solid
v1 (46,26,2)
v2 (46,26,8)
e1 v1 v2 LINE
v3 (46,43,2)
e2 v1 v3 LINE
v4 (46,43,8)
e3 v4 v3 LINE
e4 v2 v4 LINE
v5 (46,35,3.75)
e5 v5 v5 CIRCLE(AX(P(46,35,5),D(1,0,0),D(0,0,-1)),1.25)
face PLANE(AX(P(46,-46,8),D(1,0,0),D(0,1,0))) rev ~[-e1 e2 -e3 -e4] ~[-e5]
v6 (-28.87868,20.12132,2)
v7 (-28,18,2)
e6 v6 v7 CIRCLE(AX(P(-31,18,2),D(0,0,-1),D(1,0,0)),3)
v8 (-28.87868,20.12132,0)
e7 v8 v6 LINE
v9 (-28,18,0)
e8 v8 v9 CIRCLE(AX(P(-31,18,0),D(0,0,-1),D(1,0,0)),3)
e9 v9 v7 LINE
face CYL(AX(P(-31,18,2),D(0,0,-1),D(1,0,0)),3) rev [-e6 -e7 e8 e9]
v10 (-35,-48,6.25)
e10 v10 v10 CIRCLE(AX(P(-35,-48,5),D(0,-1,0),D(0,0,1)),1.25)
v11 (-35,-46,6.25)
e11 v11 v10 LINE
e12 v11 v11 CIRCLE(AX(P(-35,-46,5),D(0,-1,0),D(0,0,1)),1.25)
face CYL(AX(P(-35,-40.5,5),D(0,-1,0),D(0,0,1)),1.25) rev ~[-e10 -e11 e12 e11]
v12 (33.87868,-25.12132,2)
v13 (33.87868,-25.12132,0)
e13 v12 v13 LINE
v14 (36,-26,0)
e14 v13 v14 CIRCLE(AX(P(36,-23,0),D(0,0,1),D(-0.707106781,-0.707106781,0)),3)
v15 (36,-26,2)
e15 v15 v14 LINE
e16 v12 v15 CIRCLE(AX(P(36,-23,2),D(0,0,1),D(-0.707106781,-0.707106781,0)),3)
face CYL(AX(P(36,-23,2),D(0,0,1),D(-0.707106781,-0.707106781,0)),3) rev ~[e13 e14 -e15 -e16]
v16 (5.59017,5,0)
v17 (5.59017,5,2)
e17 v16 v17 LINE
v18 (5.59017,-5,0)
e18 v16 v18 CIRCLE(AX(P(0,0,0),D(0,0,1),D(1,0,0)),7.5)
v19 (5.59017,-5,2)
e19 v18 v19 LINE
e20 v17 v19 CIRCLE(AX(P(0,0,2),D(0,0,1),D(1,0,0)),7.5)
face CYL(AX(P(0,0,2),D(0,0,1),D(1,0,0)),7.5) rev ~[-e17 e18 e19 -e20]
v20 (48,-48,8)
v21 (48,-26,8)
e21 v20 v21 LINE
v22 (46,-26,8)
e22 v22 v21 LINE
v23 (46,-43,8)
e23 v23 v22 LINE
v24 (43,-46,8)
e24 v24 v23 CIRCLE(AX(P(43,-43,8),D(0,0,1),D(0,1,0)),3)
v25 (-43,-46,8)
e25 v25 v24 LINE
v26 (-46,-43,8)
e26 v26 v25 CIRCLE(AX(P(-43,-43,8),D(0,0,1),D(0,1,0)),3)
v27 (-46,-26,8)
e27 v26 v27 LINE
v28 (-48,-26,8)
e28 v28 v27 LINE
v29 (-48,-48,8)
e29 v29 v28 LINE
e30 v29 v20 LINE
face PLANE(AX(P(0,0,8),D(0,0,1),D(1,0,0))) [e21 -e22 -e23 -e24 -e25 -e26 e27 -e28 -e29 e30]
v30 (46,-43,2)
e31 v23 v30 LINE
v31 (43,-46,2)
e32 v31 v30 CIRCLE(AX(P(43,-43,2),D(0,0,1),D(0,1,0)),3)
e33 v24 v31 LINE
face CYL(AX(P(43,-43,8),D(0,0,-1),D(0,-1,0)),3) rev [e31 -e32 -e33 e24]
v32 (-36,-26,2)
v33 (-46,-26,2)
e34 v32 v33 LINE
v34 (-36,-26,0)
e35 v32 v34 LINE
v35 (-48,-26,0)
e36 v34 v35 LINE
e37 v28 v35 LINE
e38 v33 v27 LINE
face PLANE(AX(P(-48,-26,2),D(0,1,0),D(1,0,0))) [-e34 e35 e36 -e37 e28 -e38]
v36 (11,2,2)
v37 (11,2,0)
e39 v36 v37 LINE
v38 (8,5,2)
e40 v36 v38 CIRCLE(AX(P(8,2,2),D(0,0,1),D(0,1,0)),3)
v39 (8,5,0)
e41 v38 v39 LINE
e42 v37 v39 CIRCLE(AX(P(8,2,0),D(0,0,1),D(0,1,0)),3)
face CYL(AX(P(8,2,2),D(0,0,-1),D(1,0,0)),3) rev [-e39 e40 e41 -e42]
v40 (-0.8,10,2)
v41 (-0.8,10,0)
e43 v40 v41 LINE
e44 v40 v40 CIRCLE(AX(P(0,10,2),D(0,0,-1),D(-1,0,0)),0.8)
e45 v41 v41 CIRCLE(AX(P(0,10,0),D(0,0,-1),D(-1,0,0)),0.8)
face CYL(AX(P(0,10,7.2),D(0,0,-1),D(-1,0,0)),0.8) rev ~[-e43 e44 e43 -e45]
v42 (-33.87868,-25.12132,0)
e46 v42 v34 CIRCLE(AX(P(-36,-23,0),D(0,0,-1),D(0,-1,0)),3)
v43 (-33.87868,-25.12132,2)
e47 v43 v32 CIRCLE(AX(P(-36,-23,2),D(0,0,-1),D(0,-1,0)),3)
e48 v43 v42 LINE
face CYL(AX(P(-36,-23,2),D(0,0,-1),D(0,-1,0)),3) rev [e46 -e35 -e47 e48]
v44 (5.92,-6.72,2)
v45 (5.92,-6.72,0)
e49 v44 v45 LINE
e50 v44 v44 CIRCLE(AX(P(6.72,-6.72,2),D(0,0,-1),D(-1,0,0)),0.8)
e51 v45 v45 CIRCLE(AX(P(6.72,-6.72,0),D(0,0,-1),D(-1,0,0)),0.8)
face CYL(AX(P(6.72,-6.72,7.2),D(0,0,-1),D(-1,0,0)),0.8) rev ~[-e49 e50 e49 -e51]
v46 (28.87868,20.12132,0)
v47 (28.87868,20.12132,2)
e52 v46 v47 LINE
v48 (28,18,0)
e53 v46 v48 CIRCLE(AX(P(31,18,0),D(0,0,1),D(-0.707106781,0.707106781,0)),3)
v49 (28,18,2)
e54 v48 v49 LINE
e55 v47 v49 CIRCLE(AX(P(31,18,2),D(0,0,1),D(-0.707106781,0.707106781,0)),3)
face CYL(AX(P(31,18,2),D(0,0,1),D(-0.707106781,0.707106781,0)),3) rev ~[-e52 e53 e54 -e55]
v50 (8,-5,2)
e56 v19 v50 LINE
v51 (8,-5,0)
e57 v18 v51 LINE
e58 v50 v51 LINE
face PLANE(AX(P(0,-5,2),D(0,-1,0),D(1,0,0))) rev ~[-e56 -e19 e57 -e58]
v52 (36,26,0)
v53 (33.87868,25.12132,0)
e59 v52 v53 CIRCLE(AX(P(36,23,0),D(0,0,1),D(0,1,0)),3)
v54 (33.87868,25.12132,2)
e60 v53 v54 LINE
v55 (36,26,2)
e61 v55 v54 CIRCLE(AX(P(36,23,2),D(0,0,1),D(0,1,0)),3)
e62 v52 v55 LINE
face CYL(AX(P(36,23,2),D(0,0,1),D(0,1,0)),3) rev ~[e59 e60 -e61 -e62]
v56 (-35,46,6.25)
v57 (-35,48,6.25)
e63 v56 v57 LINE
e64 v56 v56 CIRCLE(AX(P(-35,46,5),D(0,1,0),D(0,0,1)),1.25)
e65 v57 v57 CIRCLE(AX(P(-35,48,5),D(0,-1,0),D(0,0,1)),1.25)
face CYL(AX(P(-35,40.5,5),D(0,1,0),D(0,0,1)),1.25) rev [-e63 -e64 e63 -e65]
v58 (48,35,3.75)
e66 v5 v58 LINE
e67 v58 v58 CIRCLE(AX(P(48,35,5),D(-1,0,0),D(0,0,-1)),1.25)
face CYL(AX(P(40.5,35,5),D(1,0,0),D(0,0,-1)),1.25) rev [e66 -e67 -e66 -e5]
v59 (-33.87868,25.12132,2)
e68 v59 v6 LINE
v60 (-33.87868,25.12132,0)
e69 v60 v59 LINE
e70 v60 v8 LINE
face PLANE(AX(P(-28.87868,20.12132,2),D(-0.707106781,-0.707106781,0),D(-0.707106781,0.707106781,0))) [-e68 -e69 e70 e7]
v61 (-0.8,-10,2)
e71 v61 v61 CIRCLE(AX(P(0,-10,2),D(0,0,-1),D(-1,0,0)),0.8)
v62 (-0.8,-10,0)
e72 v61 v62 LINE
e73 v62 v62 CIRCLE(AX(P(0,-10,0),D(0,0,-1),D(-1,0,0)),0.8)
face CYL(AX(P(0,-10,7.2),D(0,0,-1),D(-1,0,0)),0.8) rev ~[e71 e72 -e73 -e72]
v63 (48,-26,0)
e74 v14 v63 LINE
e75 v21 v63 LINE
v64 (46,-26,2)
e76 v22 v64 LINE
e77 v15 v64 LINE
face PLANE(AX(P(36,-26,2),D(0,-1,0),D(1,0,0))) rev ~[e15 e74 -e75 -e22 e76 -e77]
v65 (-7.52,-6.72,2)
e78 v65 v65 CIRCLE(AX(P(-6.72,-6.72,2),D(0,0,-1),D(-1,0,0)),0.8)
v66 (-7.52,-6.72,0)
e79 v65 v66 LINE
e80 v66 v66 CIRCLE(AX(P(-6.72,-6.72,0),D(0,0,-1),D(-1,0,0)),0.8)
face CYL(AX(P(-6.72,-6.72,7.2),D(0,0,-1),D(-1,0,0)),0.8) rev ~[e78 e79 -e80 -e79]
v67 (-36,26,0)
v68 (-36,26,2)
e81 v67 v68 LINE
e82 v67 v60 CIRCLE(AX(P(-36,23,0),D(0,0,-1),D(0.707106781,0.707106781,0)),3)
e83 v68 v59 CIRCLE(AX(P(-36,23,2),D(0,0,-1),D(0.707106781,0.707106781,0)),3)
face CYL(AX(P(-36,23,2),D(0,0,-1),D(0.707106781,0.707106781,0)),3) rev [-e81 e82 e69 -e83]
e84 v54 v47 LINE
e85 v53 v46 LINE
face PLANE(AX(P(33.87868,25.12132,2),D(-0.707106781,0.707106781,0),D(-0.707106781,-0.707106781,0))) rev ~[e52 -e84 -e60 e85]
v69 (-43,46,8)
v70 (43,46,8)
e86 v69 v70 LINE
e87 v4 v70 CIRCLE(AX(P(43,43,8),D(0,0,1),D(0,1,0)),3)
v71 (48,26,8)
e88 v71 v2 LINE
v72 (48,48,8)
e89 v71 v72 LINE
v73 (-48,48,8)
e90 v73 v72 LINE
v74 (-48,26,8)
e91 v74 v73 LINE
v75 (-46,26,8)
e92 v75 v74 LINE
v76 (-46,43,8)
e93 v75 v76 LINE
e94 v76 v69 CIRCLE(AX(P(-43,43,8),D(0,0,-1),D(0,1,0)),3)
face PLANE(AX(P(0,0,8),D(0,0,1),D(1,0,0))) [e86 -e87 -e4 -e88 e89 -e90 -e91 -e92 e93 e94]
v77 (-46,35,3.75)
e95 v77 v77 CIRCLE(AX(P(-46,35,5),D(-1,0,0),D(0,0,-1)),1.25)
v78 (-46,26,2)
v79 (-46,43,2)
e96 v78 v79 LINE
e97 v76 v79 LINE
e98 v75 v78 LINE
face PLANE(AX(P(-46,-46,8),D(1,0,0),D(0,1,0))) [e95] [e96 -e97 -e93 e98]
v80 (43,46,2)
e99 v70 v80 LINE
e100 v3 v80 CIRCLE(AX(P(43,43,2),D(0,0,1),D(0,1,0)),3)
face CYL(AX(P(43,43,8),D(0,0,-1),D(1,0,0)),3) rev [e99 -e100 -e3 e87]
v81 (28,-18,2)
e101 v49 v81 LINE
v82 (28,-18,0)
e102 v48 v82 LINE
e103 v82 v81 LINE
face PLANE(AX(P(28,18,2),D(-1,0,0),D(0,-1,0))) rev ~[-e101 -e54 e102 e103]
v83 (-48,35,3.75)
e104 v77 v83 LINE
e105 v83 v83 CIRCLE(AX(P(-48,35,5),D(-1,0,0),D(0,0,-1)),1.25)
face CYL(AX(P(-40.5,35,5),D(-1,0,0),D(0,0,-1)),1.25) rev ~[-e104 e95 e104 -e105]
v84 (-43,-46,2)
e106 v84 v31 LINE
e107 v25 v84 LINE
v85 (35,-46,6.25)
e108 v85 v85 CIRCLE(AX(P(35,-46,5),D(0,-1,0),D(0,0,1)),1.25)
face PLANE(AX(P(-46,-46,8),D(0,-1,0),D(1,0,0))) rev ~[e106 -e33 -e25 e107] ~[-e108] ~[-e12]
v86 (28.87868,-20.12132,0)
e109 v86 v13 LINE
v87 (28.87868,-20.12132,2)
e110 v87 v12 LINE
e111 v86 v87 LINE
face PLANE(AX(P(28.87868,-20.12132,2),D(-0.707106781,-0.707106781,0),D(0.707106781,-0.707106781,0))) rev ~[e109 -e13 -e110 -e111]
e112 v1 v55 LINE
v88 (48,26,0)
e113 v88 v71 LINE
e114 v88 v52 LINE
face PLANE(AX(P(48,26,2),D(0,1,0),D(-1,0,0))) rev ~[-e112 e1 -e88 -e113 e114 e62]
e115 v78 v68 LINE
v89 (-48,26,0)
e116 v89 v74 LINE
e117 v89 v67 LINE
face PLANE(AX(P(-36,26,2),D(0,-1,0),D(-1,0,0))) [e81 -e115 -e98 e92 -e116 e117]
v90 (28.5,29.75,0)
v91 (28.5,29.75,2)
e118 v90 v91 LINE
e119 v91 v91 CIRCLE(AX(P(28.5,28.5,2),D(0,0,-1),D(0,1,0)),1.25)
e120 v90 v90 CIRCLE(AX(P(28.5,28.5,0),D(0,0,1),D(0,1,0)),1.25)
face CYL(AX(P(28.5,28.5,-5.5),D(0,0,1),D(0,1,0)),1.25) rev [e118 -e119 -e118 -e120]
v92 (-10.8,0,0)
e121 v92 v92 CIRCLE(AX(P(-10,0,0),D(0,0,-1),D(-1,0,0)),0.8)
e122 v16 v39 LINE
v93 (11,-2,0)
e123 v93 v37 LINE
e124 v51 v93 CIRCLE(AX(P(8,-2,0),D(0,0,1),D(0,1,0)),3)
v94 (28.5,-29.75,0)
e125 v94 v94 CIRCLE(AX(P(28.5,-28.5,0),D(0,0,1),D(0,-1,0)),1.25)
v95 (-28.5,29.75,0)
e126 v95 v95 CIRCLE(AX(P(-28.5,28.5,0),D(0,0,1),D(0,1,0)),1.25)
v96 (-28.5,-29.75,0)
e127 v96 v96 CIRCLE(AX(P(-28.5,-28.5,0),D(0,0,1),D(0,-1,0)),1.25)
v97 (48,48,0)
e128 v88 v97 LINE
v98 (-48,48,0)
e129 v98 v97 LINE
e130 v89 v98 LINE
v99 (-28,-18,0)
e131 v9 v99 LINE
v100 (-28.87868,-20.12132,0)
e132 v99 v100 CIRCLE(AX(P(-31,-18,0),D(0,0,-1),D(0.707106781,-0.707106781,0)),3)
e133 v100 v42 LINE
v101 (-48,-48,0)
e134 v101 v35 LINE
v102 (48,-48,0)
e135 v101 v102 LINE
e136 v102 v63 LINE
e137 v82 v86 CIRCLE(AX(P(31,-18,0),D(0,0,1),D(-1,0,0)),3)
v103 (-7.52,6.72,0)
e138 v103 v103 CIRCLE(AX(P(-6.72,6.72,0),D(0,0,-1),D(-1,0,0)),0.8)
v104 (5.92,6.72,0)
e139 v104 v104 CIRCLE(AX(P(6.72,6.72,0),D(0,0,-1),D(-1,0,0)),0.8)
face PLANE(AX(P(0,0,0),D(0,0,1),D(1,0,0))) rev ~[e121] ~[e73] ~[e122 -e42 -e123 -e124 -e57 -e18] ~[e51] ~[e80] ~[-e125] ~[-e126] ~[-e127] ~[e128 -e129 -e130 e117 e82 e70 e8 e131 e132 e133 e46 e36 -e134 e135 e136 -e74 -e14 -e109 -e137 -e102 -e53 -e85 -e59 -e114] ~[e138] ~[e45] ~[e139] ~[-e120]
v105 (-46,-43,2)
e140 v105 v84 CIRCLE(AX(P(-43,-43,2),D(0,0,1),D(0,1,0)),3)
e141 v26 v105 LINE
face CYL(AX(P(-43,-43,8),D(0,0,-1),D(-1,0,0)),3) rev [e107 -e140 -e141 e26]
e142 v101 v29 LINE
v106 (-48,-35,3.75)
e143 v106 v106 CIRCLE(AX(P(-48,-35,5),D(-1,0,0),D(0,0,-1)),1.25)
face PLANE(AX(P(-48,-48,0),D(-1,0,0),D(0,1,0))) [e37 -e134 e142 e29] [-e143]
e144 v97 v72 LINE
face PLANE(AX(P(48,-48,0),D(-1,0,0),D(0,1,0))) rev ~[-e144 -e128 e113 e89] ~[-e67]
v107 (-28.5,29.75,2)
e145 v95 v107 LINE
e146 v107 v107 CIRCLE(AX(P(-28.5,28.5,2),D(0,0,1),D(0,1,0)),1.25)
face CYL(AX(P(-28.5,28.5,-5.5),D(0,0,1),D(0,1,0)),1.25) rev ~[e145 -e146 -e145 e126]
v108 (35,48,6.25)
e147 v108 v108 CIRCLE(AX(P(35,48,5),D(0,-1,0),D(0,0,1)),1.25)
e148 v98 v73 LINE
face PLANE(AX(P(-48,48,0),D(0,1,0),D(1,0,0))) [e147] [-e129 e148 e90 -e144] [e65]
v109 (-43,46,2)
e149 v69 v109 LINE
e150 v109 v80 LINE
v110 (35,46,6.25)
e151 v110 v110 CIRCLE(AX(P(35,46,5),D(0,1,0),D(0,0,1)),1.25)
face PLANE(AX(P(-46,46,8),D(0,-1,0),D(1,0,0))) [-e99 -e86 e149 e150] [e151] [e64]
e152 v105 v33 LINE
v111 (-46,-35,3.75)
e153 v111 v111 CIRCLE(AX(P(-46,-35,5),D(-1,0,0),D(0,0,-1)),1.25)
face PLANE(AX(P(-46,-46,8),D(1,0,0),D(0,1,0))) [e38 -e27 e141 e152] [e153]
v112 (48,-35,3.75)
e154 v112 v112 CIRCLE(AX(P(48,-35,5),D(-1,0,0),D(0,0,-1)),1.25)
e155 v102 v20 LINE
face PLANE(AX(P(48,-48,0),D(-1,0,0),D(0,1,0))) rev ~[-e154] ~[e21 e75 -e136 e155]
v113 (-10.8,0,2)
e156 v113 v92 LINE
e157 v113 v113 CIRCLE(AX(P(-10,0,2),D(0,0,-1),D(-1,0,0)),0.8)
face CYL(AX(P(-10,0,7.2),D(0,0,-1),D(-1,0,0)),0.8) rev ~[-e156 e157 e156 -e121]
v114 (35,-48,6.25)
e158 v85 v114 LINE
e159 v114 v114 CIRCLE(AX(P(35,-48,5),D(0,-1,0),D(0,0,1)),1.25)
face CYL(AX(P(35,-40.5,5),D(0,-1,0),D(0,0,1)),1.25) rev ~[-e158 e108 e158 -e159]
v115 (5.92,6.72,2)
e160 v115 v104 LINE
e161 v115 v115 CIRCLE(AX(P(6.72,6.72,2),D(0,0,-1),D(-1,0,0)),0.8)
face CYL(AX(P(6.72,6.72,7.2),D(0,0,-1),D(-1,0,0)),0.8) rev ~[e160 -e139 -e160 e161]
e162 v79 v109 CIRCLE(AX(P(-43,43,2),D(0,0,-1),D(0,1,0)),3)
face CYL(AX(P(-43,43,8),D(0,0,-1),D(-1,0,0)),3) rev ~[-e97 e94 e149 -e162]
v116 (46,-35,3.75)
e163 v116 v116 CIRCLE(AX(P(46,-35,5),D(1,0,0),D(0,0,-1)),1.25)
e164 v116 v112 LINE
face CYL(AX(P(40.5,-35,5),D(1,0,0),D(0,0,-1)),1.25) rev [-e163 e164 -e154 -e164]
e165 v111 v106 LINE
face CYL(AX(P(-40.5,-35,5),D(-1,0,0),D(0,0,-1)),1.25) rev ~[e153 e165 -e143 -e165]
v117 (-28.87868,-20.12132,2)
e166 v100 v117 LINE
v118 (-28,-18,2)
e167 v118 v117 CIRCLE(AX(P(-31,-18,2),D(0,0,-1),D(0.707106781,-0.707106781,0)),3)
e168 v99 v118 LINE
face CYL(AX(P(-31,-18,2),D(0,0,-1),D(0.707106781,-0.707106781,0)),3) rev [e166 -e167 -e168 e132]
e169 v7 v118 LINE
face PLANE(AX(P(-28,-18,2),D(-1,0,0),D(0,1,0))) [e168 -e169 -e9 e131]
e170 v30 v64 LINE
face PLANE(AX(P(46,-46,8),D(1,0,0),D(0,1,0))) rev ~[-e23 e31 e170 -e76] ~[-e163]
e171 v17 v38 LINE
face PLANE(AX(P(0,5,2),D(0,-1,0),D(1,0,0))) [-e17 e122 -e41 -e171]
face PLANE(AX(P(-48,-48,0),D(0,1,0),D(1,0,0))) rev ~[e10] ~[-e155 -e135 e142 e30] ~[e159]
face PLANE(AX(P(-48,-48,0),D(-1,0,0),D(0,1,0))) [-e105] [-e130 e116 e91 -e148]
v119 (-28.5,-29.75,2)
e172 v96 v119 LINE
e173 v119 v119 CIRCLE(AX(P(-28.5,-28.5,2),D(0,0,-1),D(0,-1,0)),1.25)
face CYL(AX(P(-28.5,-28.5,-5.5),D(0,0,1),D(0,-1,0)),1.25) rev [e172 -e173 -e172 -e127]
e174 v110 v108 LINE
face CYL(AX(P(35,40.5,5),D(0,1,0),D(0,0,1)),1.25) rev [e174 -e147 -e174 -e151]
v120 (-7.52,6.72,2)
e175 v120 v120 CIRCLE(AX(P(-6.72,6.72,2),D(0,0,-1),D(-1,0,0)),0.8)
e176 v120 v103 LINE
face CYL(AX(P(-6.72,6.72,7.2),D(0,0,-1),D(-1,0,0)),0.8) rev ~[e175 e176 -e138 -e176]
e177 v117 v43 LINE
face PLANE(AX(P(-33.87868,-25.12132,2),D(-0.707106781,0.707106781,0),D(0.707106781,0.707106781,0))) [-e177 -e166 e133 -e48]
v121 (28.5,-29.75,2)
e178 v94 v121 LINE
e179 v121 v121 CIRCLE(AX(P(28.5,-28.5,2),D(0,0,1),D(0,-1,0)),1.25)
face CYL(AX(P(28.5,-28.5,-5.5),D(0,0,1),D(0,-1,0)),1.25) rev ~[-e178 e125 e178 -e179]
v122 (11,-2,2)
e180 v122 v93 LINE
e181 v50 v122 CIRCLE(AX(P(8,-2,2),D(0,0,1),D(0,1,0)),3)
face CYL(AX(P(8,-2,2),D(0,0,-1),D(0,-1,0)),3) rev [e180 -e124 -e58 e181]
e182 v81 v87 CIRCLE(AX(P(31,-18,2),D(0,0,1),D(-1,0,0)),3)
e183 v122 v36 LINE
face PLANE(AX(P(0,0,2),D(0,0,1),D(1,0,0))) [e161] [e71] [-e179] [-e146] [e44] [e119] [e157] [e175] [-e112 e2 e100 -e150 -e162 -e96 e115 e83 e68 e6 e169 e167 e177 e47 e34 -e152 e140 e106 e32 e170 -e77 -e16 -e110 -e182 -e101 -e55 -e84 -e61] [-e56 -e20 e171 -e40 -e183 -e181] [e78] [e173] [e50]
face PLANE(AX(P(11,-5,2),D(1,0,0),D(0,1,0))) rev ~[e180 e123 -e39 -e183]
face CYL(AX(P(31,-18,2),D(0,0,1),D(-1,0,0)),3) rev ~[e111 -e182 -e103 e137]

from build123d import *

# Parameters (mm, degrees)
SKETCH1_W                      = 96
SKETCH1_H                      = 96
BOSS_EXTRUDE1_DEPTH            = 8
SKETCH2_W                      = 92
SKETCH2_H                      = 92
COMPONENT_PLATFORM_DEPTH       = 6
CABLE_SLOTS_DEPTH              = 6
SKETCH4_R                      = 7.5
CENTER_MASS_CUT_DEPTH          = 6
INNER_CORNER_FILLETS_R         = 3
SKETCH10_W                     = 11
SKETCH10_H                     = 10
MOTOR_CUTOUT_DEPTH             = 2
FILLET1_R                      = 3
M3X0_5_TAPPED_HOLE1_AT_2_COUNT = 2
M3X0_5_TAPPED_HOLE1_AT_2_PITCH = 70
M3X0_5_TAPPED_HOLE2_AT_2_COUNT = 2
M3X0_5_TAPPED_HOLE2_AT_2_PITCH = 70
M2X0_4_TAPPED_HOLE1_D          = 1.6
M2X0_4_TAPPED_HOLE1_DEPTH      = 5.2
M2X0_4_TAPPED_HOLE1_TIP        = 0.480688495


with BuildPart() as part:
    # Sketch1 → Boss-Extrude1 (new body)
    with BuildSketch(Plane.XY):
        Rectangle(SKETCH1_W, SKETCH1_H)
    extrude(amount=BOSS_EXTRUDE1_DEPTH)

    # Sketch2 → Component Platform (cut)
    with BuildSketch(Plane.XY.offset(8)):
        Rectangle(SKETCH2_W, SKETCH2_H)
    extrude(amount=-COMPONENT_PLATFORM_DEPTH, mode=Mode.SUBTRACT)

    # Sketch3 → Cable Slots (cut, symmetric)
    with BuildSketch(Plane.XY.offset(2)):
        with BuildLine():
            Line((-33.878679656, -25.121320344), (-28.878679656, -20.121320344))
            ThreePointArc((-28.878679656, -20.121320344), (-28.228361402, -19.148050297), (-28, -18))
            Line((-28, -18), (-28, 18))
            ThreePointArc((-28, 18), (-28.228361402, 19.148050297), (-28.878679656, 20.121320344))
            Line((-28.878679656, 20.121320344), (-33.878679656, 25.121320344))
            ThreePointArc((-33.878679656, 25.121320344), (-34.851949703, 25.771638598), (-36, 26))
            Line((-36, 26), (-48, 26))
            Line((-48, 26), (-48, -26))
            Line((-48, -26), (-36, -26))
            ThreePointArc((-36, -26), (-34.851949703, -25.771638598), (-33.878679656, -25.121320344))
        make_face()
        with BuildLine():
            Line((48, -26), (48, 26))
            Line((48, 26), (36, 26))
            ThreePointArc((36, 26), (34.851949703, 25.771638598), (33.878679656, 25.121320344))
            Line((33.878679656, 25.121320344), (28.878679656, 20.121320344))
            ThreePointArc((28.878679656, 20.121320344), (28.228361402, 19.148050297), (28, 18))
            Line((28, 18), (28, -18))
            ThreePointArc((28, -18), (28.228361402, -19.148050297), (28.878679656, -20.121320344))
            Line((28.878679656, -20.121320344), (33.878679656, -25.121320344))
            ThreePointArc((33.878679656, -25.121320344), (34.851949703, -25.771638598), (36, -26))
            Line((36, -26), (48, -26))
        make_face()
    extrude(amount=CABLE_SLOTS_DEPTH, both=True, mode=Mode.SUBTRACT)

    # Sketch4 → Center Mass Cut (cut)
    with BuildSketch(Plane.XY.offset(2)):
        Circle(SKETCH4_R)
    extrude(amount=-CENTER_MASS_CUT_DEPTH, mode=Mode.SUBTRACT)

    # Inner Corner Fillets
    inner_corner_fillets_edges = [part.edges().sort_by_distance(p)[0] for p in [
        (-46, -46, 5),
        (-46, 46, 5),
        (46, 46, 5),
        (46, -46, 5),
    ]]
    fillet(inner_corner_fillets_edges, radius=INNER_CORNER_FILLETS_R)

    # Sketch10 → Motor Cutout (cut)
    with BuildSketch(Plane.XY.offset(2)):
        with Locations((5.5, 0)):
            Rectangle(SKETCH10_W, SKETCH10_H)
    extrude(amount=-MOTOR_CUTOUT_DEPTH, mode=Mode.SUBTRACT)

    # Fillet1
    fillet1_edges = [part.edges().sort_by_distance(p)[0] for p in [
        (11, -5, 1),
        (11, 5, 1),
    ]]
    fillet(fillet1_edges, radius=FILLET1_R)

    # Sketch14 → M3x0.5 Tapped Hole1 (revolve, cut)
    with BuildSketch(Plane(origin=(48, -35, 5), x_dir=(0, 0, -1), z_dir=(0, 1, 0))):
        Polygon((0, 0), (0, 8.251075774), (1.25, 7.5), (1.25, 0), align=None)
    m3x0_5_tapped_hole1 = revolve(axis=Axis((54.35, -35, 5), (-1, 0, 0)), mode=Mode.SUBTRACT)

    # M3x0.5 Tapped Hole1 at 2: M3x0.5 Tapped Hole1 ×2
    with Locations(*[(0, i * M3X0_5_TAPPED_HOLE1_AT_2_PITCH, 0) for i in range(1, M3X0_5_TAPPED_HOLE1_AT_2_COUNT)]):
        add(m3x0_5_tapped_hole1, mode=Mode.SUBTRACT)

    # Sketch17 → M3x0.5 Tapped Hole2 (revolve, cut)
    with BuildSketch(Plane(origin=(35, 48, 5), x_dir=(0, 0, 1), z_dir=(1, 0, 0))):
        Polygon((0, 0), (0, 8.251075774), (1.25, 7.5), (1.25, 0), align=None)
    m3x0_5_tapped_hole2 = revolve(axis=Axis((35, 54.35, 5), (0, -1, 0)), mode=Mode.SUBTRACT)

    # M3x0.5 Tapped Hole2 at 2: M3x0.5 Tapped Hole2 ×2
    with Locations(*[(-i * M3X0_5_TAPPED_HOLE2_AT_2_PITCH, 0, 0) for i in range(1, M3X0_5_TAPPED_HOLE2_AT_2_COUNT)]):
        add(m3x0_5_tapped_hole2, mode=Mode.SUBTRACT)

    # Mirror1: M3x0.5 Tapped Hole1 across plane
    add(m3x0_5_tapped_hole1.mirror(Plane(origin=(0, 0, 0), x_dir=(0, 0, 1), z_dir=(1, 0, 0))), mode=Mode.SUBTRACT)

    # Mirror1 copy 1 sketch → Mirror1 copy 1 (revolve, cut)
    with BuildSketch(Plane(origin=(-48, 35, 5), x_dir=(0, 0, -1), z_dir=(0, 1, 0))):
        Polygon((0, 0), (0, -8.251075774), (1.25, -7.5), (1.25, 0), align=None)
    revolve(axis=Axis((-54.35, 35, 5), (-1, 0, 0)), mode=Mode.SUBTRACT)

    # Mirror2: M3x0.5 Tapped Hole2 across plane
    add(m3x0_5_tapped_hole2.mirror(Plane(origin=(0, 0, 0), x_dir=(0, 0, 1), z_dir=(0, -1, 0))), mode=Mode.SUBTRACT)

    # Mirror2 copy 1 sketch → Mirror2 copy 1 (revolve, cut)
    with BuildSketch(Plane(origin=(-35, -48, 5), x_dir=(0, 0, 1), z_dir=(1, 0, 0))):
        Polygon((0, 0), (0, -8.251075774), (1.25, -7.5), (1.25, 0), align=None)
    revolve(axis=Axis((-35, -54.35, 5), (0, -1, 0)), mode=Mode.SUBTRACT)

    # Sketch20 → M3x0.5 Tapped Hole3 (revolve, cut)
    with BuildSketch(Plane(origin=(-28.5, -28.5, 2), x_dir=(0, -1, 0), z_dir=(1, 0, 0))):
        Polygon((0, 0), (0, 8.251075774), (1.25, 7.5), (1.25, 0), align=None)
    m3x0_5_tapped_hole3 = revolve(axis=Axis((-28.5, -28.5, 8.35), (0, 0, -1)), mode=Mode.SUBTRACT)

    # Mirror3: M3x0.5 Tapped Hole3 across plane
    add(m3x0_5_tapped_hole3.mirror(Plane(origin=(0, 0, 0), x_dir=(0, 0, 1), z_dir=(1, 0, 0))), mode=Mode.SUBTRACT)

    # Mirror4: M3x0.5 Tapped Hole3 across plane
    add(m3x0_5_tapped_hole3.mirror(Plane.ZX), mode=Mode.SUBTRACT)

    # Mirror4 copy 1 sketch → Mirror4 copy 1 (revolve, cut)
    with BuildSketch(Plane(origin=(28.5, 28.5, 2), x_dir=(0, 1, 0), z_dir=(-1, 0, 0))):
        Polygon((0, 0), (0, 8.251075774), (1.25, 7.5), (1.25, 0), align=None)
    revolve(axis=Axis((28.5, 28.5, 8.35), (0, 0, -1)), mode=Mode.SUBTRACT)

    # M2x0.4 Tapped Hole1
    with Locations(Plane.XY.offset(2)):
        with Locations((6.72, -6.72), (0, -10), (-6.72, -6.72), (-10, 0), (-6.72, 6.72), (0, 10), (6.72, 6.72)):
            Hole(M2X0_4_TAPPED_HOLE1_D / 2, depth=M2X0_4_TAPPED_HOLE1_DEPTH)
            with Locations((0, 0, -(M2X0_4_TAPPED_HOLE1_DEPTH + M2X0_4_TAPPED_HOLE1_TIP / 2))):  # 118° drill point
                Cone(0, M2X0_4_TAPPED_HOLE1_D / 2, M2X0_4_TAPPED_HOLE1_TIP, mode=Mode.SUBTRACT)


solid = part.part
